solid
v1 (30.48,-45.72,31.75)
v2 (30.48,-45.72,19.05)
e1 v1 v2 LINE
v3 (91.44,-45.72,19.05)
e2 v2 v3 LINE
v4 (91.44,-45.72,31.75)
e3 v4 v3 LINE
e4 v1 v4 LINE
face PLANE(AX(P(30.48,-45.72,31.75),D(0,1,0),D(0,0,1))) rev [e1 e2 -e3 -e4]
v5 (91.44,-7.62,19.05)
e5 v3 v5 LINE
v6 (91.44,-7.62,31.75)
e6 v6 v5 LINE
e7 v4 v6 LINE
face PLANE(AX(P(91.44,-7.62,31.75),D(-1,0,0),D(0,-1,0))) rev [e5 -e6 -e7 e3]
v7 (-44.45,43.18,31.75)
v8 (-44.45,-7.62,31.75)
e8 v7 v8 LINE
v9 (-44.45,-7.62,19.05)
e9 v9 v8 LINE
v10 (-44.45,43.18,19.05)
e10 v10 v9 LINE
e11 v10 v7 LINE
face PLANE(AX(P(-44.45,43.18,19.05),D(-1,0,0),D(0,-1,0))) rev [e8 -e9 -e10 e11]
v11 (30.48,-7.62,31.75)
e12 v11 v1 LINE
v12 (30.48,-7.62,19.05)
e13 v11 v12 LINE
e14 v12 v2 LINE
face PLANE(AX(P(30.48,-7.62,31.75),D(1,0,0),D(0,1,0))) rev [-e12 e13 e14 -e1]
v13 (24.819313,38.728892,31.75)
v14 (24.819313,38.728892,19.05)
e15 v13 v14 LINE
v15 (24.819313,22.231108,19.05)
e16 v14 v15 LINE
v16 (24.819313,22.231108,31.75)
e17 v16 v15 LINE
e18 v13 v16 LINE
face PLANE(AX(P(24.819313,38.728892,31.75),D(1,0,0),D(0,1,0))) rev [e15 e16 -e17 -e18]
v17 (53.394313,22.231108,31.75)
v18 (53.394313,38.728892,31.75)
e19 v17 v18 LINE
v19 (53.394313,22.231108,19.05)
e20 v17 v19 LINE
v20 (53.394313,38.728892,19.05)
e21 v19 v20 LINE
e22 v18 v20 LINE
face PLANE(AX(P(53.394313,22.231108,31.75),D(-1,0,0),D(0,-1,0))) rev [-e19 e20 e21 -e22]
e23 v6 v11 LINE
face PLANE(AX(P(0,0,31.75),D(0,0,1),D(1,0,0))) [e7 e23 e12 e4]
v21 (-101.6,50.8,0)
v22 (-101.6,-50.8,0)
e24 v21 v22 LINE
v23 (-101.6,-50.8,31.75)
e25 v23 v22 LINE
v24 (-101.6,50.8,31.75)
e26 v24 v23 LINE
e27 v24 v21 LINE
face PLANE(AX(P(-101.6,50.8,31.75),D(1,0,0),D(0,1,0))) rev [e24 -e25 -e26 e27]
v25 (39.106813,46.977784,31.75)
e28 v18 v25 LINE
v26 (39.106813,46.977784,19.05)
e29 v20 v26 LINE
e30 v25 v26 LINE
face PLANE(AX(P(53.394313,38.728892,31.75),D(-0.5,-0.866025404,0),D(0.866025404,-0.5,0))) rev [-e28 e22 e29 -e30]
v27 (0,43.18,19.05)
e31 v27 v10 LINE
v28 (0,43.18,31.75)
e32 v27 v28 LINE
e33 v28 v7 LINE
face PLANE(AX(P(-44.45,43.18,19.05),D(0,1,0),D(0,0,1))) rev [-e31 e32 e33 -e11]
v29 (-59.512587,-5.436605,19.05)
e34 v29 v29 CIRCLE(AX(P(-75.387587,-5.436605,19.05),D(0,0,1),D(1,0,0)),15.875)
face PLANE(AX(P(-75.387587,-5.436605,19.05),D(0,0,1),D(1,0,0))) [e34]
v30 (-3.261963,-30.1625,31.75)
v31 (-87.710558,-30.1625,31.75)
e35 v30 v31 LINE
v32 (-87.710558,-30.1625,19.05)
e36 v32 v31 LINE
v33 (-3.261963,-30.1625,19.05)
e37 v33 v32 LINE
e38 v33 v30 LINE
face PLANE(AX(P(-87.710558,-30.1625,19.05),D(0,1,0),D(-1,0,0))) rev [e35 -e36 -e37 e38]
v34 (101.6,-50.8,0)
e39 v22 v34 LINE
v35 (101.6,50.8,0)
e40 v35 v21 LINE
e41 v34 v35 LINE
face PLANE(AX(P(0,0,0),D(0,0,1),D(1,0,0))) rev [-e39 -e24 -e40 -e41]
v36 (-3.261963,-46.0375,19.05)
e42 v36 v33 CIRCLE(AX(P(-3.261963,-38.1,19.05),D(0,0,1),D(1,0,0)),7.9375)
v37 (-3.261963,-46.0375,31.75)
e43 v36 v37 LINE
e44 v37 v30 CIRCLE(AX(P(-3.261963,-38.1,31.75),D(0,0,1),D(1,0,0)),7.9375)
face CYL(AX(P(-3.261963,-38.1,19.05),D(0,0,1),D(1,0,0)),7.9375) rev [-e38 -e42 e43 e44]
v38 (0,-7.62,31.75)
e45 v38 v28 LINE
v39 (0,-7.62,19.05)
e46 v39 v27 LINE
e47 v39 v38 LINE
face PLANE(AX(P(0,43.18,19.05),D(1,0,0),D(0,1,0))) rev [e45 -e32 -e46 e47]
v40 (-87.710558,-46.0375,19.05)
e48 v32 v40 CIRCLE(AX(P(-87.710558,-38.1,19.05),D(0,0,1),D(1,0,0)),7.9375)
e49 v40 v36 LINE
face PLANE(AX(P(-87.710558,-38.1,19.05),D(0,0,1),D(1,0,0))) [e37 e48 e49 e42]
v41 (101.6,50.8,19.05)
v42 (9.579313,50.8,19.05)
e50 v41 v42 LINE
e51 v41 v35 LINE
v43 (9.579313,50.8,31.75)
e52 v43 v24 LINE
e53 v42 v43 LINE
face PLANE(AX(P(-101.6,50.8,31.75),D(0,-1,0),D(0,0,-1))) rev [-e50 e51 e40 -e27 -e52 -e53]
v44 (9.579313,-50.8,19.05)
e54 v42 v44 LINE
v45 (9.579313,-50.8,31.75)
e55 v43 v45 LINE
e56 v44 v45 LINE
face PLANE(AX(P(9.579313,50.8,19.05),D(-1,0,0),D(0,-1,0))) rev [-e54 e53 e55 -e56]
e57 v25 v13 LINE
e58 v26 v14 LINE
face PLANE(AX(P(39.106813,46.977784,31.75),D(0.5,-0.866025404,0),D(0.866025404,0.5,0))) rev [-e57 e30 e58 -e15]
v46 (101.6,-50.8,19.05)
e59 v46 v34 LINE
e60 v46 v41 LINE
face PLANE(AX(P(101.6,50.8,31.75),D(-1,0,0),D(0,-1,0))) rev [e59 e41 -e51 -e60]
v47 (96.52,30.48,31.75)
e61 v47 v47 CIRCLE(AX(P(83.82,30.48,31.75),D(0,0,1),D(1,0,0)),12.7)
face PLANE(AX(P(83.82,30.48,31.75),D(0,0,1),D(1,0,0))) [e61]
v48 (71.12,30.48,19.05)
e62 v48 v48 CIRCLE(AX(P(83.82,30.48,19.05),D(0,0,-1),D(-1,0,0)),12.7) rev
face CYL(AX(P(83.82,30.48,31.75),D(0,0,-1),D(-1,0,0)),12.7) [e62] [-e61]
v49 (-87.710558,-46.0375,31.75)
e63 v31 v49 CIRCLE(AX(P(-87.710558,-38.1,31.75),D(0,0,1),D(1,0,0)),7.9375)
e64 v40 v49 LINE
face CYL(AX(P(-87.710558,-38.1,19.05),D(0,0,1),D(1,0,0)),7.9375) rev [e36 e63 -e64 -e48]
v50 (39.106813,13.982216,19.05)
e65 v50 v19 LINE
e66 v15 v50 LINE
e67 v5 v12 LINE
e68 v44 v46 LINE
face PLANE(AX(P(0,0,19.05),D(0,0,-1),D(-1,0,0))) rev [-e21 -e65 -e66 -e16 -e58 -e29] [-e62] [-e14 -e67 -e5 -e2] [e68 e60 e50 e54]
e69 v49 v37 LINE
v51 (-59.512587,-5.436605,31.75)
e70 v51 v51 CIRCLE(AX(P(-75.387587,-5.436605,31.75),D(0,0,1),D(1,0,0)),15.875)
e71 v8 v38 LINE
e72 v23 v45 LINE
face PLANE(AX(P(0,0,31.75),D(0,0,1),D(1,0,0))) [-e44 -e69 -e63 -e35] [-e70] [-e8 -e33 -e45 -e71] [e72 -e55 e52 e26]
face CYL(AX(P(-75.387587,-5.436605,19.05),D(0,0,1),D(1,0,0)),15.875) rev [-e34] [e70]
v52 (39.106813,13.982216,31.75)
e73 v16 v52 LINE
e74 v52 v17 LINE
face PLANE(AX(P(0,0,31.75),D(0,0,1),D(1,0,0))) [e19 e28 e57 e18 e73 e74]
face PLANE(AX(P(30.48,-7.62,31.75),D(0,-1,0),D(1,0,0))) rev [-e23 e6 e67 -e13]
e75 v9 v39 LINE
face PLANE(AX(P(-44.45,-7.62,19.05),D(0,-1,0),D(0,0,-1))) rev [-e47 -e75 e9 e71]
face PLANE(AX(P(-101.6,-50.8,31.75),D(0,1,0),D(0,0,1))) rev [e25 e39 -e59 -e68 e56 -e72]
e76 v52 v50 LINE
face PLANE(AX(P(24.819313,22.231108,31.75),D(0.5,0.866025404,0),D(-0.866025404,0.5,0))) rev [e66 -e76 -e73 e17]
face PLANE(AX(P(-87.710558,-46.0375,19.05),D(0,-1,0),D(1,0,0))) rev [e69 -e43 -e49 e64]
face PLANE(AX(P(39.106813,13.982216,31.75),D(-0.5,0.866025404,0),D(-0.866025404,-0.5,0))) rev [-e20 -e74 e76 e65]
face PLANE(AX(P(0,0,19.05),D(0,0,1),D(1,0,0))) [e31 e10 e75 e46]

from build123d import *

# Parameters (mm, degrees)
SKETCH2_W           = 203.2
SKETCH2_H           = 101.6
BOSS_EXTRUDE1_DEPTH = 31.75
SKETCH3_W           = 92.020686849
SKETCH3_H           = 101.6
CUT_EXTRUDE1_DEPTH  = 12.7
SKETCH4_R           = 12.7
SKETCH4_W           = 60.96
SKETCH4_H           = 38.1
BOSS_EXTRUDE2_DEPTH = 12.7
SKETCH6_R           = 15.875
SKETCH6_W           = 44.45
SKETCH6_H           = 50.8
CUT_EXTRUDE2_DEPTH  = 12.7
BOSS_EXTRUDE3_DEPTH = 12.7


with BuildPart() as part:
    # Sketch2 → Boss-Extrude1 (new body)
    with BuildSketch(Plane.XY):
        Rectangle(SKETCH2_W, SKETCH2_H)
    extrude(amount=BOSS_EXTRUDE1_DEPTH)

    # Sketch3 → Cut-Extrude1 (cut)
    with BuildSketch(Plane.XY.offset(31.75)):
        with Locations((55.589656576, 0)):
            Rectangle(SKETCH3_W, SKETCH3_H)
    extrude(amount=-CUT_EXTRUDE1_DEPTH, mode=Mode.SUBTRACT)

    # Sketch4 → Boss-Extrude2 (add)
    with BuildSketch(Plane.XY.offset(19.05)):
        with Locations(Location((83.82, 30.48, 0), (0, 0, 180))):  # turned: the seam where the file's is
            Circle(SKETCH4_R)
        with Locations((60.96, -26.67)):
            Rectangle(SKETCH4_W, SKETCH4_H)
    extrude(amount=BOSS_EXTRUDE2_DEPTH)

    # Sketch6 → Cut-Extrude2 (cut)
    with BuildSketch(Plane.XY.offset(31.75)):
        with Locations((-75.387587267, -5.436604851)):
            Circle(SKETCH6_R)
        with BuildLine():
            Line((-87.710558262, -30.1625), (-3.261962911, -30.1625))
            ThreePointArc((-3.261962911, -30.1625), (4.675537089, -38.1), (-3.261962911, -46.0375))
            Line((-3.261962911, -46.0375), (-87.710558262, -46.0375))
            ThreePointArc((-87.710558262, -46.0375), (-95.648058262, -38.1), (-87.710558262, -30.1625))
        make_face()
        with Locations((-22.225, 17.78)):
            Rectangle(SKETCH6_W, SKETCH6_H)
    extrude(amount=-CUT_EXTRUDE2_DEPTH, mode=Mode.SUBTRACT)

    # Sketch7 → Boss-Extrude3 (add)
    with BuildSketch(Plane.XY.offset(19.05)):
        Polygon((39.106813151, 46.977783942), (24.819313151, 38.728891971), (24.819313151, 22.231108029), (39.106813151, 13.982216058), (53.394313151, 22.231108029), (53.394313151, 38.728891971), align=None)
    extrude(amount=BOSS_EXTRUDE3_DEPTH)


solid = part.part
